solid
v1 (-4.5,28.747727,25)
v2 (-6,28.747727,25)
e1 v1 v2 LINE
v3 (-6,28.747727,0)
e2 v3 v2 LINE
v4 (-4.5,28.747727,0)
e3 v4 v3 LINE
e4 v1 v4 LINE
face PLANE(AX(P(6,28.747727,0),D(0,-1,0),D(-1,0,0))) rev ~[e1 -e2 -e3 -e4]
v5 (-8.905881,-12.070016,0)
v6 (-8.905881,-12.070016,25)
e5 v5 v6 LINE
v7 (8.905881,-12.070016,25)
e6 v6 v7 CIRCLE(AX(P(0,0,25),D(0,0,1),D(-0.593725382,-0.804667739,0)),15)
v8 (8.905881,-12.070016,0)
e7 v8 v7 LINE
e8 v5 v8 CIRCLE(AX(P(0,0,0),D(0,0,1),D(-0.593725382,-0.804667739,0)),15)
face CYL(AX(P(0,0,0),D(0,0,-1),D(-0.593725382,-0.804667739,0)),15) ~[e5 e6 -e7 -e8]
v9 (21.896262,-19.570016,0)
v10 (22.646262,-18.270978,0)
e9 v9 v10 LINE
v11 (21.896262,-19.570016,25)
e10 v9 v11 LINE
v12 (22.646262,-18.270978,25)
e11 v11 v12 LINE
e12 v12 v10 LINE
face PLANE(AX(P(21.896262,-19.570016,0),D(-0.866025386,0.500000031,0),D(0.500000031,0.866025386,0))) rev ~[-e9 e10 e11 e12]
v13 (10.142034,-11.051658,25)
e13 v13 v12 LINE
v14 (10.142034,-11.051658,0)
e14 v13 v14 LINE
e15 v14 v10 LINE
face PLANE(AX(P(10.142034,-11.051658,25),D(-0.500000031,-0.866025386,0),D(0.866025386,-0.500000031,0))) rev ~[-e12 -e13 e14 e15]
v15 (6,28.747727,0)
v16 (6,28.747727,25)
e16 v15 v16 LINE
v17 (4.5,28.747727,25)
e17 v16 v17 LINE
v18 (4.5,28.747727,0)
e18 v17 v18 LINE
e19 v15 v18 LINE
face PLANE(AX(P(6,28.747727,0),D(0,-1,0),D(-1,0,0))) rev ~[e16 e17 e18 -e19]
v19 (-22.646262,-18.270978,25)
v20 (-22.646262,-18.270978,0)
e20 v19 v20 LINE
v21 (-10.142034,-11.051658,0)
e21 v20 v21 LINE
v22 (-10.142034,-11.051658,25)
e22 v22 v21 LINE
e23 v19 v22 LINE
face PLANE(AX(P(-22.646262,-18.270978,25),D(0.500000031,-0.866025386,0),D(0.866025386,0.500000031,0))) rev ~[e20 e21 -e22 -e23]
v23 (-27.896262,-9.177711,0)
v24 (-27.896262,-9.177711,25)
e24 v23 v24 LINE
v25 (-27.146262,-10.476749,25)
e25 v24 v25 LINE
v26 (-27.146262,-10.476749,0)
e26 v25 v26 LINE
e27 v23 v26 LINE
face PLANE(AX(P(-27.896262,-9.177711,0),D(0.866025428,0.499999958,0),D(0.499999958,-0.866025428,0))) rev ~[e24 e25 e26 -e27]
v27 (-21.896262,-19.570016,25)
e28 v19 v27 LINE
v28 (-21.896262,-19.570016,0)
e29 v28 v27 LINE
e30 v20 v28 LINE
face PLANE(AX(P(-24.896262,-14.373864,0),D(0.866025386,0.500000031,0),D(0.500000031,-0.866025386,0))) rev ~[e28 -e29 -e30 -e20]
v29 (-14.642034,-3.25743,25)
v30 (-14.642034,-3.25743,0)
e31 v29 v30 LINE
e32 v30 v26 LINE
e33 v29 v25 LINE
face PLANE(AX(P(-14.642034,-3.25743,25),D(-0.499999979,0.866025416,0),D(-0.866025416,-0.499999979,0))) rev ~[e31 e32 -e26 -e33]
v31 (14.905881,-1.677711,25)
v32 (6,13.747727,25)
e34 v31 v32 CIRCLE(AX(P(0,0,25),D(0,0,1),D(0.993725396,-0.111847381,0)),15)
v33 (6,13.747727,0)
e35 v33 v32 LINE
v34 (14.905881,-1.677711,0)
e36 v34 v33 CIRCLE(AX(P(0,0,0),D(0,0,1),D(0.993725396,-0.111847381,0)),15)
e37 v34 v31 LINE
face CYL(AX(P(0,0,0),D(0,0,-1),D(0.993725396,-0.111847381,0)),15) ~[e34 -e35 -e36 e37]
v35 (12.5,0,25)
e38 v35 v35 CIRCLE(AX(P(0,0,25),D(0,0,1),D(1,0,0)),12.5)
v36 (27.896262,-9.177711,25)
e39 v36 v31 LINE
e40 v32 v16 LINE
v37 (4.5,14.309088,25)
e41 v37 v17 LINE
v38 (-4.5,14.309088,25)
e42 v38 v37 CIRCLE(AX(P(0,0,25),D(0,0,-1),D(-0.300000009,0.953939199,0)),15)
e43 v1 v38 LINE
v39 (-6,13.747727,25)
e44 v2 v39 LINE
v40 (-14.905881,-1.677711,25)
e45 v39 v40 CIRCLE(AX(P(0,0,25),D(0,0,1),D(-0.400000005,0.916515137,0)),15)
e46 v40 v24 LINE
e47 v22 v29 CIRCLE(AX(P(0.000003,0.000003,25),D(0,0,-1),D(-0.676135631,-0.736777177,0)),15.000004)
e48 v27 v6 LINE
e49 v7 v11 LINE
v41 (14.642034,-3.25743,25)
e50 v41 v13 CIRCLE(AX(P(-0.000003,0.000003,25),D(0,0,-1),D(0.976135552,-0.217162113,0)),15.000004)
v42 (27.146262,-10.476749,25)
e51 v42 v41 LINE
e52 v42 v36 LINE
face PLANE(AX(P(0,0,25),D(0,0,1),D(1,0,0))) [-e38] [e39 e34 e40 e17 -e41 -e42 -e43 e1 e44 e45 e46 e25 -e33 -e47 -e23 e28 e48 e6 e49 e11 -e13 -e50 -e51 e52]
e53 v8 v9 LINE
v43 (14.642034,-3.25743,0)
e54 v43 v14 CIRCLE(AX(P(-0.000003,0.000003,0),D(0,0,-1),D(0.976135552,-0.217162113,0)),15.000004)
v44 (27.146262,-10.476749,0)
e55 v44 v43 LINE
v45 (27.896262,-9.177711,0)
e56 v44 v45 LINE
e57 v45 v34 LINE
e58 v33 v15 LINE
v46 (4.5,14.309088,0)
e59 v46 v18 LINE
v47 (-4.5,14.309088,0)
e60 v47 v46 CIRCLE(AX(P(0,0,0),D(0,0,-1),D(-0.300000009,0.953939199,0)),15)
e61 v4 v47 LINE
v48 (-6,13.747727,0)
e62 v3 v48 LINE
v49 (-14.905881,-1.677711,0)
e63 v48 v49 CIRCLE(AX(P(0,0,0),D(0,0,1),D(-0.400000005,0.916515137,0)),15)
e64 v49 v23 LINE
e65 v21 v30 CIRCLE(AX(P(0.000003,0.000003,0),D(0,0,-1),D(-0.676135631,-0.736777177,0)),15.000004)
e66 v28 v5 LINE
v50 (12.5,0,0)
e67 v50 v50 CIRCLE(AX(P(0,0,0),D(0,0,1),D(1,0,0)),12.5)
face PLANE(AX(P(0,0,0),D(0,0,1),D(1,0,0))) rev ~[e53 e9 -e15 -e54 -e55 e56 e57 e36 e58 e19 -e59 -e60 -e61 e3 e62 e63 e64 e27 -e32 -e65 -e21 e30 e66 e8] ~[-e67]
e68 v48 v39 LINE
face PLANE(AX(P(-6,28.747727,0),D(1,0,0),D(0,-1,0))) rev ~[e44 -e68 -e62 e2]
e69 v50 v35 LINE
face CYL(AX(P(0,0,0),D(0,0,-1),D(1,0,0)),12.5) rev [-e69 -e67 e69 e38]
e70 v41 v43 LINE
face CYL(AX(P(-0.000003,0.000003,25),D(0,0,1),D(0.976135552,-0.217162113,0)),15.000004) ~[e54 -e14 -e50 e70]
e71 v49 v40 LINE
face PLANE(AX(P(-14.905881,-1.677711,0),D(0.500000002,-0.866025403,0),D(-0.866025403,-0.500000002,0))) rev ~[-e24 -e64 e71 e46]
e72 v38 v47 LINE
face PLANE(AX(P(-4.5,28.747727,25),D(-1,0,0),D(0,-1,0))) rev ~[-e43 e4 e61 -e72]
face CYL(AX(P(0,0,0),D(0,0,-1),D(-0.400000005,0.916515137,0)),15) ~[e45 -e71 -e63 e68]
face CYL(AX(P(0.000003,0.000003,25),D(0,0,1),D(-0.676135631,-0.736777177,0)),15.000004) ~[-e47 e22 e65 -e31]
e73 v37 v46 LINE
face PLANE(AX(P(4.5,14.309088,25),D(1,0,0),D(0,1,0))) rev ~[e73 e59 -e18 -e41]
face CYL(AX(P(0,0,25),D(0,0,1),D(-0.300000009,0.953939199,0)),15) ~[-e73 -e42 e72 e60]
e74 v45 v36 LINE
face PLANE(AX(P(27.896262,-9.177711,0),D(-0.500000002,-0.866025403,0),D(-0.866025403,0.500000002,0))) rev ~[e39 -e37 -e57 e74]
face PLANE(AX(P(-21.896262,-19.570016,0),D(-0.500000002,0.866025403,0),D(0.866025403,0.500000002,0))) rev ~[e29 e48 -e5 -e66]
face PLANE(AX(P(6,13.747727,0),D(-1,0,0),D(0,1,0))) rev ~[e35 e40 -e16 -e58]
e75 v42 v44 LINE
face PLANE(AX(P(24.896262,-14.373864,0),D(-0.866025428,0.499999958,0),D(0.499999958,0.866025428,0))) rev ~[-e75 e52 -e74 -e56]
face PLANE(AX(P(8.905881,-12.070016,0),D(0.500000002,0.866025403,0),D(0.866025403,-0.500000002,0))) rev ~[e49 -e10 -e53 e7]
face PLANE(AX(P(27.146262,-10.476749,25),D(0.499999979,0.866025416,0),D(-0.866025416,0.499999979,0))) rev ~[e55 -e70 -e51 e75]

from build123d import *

# Parameters (mm, degrees)
F0_R     = 12.5
F1_DEPTH = 25
F3_DEPTH = 25


with BuildPart() as f1:
    # F0 (on Top) → F1 (new body)
    with BuildSketch(Plane.XY):
        with BuildLine():
            Line((-6, 28.747727), (-6, 13.747727))
            ThreePointArc((-6, 13.747727), (-12.990381, 7.5), (-14.905881, -1.677711))
            Line((-14.905881, -1.677711), (-27.896262, -9.177711))
            Line((-27.896262, -9.177711), (-24.896262, -14.373864))
            Line((-24.896262, -14.373864), (-21.896262, -19.570016))
            Line((-21.896262, -19.570016), (-8.905881, -12.070016))
            ThreePointArc((-8.905881, -12.070016), (0, -15), (8.905881, -12.070016))
            Line((8.905881, -12.070016), (21.896262, -19.570016))
            Line((21.896262, -19.570016), (24.896262, -14.373864))
            Line((24.896262, -14.373864), (27.896262, -9.177711))
            Line((27.896262, -9.177711), (14.905881, -1.677711))
            ThreePointArc((14.905881, -1.677711), (12.990381, 7.5), (6, 13.747727))
            Line((6, 13.747727), (6, 28.747727))
            Line((6, 28.747727), (0, 28.747727))
            Line((0, 28.747727), (-6, 28.747727))
        make_face()
        Circle(F0_R, mode=Mode.SUBTRACT)
    extrude(amount=F1_DEPTH)

    # F2 (on face) → F3 (cut)
    with BuildSketch(Plane.XY.offset(25)):
        with BuildLine():
            Line((4.5, 28.747727), (-4.5, 28.747727))
            Line((-4.5, 28.747727), (-4.5, 14.309088))
            ThreePointArc((-4.5, 14.309088), (0, 15), (4.5, 14.309088))
            Line((4.5, 14.309088), (4.5, 28.747727))
        make_face()
        with BuildLine():
            Line((27.146262, -10.476749), (14.642034, -3.25743))
            ThreePointArc((14.642034, -3.25743), (12.990381, -7.5), (10.142034, -11.051658))
            Line((10.142034, -11.051658), (22.646262, -18.270978))
            Line((22.646262, -18.270978), (27.146262, -10.476749))
        make_face()
        with BuildLine():
            Line((-22.646262, -18.270978), (-10.142034, -11.051658))
            ThreePointArc((-10.142034, -11.051658), (-12.990381, -7.5), (-14.642034, -3.25743))
            Line((-14.642034, -3.25743), (-27.146262, -10.476749))
            Line((-27.146262, -10.476749), (-22.646262, -18.270978))
        make_face()
    extrude(amount=-F3_DEPTH, mode=Mode.SUBTRACT)


solid = f1.part
